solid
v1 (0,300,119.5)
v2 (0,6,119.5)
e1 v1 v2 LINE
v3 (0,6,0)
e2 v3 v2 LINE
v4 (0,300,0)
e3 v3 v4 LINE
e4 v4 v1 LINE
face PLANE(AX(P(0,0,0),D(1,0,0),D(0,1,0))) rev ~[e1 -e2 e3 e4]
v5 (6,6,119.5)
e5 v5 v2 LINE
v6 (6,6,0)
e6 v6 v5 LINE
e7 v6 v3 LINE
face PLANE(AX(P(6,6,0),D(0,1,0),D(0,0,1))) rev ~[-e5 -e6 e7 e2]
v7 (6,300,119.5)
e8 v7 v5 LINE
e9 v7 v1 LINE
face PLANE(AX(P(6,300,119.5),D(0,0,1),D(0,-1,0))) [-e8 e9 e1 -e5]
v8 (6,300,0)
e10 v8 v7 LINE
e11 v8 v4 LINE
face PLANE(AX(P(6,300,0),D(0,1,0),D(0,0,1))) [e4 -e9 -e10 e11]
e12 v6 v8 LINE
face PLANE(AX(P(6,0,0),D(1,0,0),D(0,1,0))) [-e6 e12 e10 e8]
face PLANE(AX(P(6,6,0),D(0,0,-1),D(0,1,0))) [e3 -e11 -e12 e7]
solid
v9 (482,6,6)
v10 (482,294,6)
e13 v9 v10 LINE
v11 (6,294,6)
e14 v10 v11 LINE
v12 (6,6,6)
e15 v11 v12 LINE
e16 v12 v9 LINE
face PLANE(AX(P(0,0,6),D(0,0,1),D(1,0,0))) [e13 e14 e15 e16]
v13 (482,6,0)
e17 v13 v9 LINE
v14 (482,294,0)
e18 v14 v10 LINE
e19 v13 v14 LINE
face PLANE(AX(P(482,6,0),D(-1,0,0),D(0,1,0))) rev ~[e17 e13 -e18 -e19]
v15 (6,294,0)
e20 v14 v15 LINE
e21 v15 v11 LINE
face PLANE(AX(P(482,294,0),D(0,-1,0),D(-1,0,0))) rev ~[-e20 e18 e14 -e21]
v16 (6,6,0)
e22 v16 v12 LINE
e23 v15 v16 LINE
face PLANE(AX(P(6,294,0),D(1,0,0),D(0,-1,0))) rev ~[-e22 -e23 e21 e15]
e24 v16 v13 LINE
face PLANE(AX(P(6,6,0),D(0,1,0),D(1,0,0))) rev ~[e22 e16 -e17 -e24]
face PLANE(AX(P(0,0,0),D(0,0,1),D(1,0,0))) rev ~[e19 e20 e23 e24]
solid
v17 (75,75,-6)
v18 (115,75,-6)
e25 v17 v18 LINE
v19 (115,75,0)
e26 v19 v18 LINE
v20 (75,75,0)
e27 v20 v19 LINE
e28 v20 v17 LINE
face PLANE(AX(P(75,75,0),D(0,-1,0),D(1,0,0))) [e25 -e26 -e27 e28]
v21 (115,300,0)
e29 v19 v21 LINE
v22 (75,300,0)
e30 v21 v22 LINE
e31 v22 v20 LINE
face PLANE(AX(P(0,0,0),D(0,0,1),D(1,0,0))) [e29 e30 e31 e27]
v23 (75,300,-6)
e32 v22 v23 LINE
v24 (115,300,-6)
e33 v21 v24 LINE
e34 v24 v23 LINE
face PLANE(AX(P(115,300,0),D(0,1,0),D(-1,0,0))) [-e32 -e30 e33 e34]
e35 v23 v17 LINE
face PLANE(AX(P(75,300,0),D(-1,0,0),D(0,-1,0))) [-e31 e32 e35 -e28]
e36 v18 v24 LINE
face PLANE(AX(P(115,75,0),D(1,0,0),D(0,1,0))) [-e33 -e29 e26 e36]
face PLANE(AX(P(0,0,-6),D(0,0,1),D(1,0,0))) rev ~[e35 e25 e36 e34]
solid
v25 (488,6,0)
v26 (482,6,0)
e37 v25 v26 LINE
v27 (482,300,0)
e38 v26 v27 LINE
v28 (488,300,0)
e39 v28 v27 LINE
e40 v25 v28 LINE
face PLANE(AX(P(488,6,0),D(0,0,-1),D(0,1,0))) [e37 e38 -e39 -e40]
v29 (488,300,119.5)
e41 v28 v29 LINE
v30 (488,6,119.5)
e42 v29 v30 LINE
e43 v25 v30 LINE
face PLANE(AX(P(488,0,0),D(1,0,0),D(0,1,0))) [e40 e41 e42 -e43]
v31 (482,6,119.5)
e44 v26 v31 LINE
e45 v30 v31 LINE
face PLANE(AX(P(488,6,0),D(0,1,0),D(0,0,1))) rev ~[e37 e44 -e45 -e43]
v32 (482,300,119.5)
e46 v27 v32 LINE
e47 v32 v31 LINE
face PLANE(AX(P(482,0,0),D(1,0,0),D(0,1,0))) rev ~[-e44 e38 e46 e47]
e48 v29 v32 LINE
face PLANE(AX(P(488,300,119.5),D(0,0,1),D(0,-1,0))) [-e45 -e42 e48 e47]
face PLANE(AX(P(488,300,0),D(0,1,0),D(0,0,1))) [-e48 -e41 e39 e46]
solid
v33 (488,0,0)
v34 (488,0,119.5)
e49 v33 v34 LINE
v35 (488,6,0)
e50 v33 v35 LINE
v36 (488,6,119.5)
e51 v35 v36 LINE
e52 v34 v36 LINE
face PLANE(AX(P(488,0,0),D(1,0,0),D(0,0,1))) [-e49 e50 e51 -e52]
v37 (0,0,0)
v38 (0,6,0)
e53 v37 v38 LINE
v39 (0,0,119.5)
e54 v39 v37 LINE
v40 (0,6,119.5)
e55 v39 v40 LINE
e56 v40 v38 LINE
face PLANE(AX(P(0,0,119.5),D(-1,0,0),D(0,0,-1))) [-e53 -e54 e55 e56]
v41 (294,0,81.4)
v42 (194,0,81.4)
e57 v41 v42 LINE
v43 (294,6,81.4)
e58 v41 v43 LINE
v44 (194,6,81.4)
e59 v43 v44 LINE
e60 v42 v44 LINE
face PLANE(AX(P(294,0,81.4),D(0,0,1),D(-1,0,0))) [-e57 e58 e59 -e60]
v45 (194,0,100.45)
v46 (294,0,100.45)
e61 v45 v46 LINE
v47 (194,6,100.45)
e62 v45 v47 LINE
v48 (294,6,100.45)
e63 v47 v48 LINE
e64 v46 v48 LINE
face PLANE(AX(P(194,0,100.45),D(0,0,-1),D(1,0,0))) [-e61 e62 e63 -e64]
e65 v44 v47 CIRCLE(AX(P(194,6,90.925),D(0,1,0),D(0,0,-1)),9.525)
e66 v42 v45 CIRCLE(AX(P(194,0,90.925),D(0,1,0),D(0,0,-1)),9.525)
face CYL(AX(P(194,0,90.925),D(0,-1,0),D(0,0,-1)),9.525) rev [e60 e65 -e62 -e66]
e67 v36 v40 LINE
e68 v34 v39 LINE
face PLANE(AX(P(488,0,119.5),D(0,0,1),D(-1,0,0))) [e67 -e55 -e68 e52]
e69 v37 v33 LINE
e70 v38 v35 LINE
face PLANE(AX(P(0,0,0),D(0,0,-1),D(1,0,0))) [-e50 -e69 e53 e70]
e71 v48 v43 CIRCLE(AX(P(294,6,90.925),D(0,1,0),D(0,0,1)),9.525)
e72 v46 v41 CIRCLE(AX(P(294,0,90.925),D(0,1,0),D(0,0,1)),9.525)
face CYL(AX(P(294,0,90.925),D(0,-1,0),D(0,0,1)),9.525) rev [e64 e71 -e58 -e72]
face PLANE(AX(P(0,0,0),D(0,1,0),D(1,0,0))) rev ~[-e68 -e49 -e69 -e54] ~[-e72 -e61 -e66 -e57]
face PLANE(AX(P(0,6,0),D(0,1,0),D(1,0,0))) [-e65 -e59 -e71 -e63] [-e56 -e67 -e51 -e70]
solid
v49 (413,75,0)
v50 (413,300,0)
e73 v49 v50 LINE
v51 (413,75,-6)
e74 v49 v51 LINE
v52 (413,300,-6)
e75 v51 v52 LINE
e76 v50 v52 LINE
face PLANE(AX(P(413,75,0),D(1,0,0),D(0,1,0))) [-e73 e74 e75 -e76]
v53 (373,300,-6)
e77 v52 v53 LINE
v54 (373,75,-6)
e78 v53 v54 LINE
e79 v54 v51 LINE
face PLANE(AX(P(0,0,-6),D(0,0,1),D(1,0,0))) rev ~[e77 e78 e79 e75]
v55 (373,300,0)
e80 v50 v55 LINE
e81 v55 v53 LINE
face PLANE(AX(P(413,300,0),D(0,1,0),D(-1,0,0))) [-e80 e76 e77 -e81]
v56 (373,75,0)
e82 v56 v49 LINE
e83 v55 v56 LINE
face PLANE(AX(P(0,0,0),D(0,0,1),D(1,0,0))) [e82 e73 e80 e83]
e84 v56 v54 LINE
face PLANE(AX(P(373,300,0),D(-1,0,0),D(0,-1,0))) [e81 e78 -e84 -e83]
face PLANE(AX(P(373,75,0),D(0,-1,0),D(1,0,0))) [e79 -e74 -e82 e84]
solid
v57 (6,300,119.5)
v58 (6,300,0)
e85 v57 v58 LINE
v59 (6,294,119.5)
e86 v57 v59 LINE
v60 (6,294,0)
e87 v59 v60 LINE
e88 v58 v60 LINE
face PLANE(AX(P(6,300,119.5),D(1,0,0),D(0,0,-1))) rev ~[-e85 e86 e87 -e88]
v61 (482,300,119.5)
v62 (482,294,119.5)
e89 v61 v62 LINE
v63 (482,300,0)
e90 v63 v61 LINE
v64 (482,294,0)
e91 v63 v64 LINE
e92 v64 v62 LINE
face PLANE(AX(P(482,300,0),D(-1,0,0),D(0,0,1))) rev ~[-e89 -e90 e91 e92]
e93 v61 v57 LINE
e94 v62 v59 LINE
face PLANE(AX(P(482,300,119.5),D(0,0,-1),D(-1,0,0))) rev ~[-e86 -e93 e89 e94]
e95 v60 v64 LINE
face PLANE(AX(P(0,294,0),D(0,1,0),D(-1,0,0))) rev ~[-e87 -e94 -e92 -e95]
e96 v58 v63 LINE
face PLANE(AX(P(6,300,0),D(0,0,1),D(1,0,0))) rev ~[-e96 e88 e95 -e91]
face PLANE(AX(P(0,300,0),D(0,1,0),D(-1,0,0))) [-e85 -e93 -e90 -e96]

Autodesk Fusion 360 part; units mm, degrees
sketch "Sketch1" plane through (0, 0, 0) normal (0, 1, 0) x (1, 0, 0) in component "box"
  line L0 (0, 0) -> (488, 0)
  line L1 (488, 0) -> (488, -119.5)
  line L2 (488, -119.5) -> (0, -119.5)
  line L3 (0, -119.5) -> (0, 0)
  line L4 (194, -100.45) -> (294, -100.45)
  arc A0 (294, -100.45) -> (294, -81.4) centre (294, -90.925) ccw
  line L5 (294, -81.4) -> (194, -81.4)
  arc A1 (194, -81.4) -> (194, -100.45) centre (194, -90.925) ccw
  line L6 (294, -90.925) -> (488, -90.925) construction
  line L7 (194, -90.925) -> (0, -90.925) construction
  dimension "d9" = 119.5
  dimension "d10" = 488
  dimension "d11" = 19.05
  dimension "d12" = 100
  dimension "d13" = 19.05
extrude "Extrude1" add sketch "Sketch1" along normal blind 6 makes body 1 in component "box"
sketch "Sketch2" plane through (488, 0, 0) normal (1, 0, 0) x (0, 1, 0) in component "box"
  line L0 (0, 119.5) -> (0, 0)
  line L1 (0, 0) -> (6, 0)
  line L2 (6, 0) -> (6, 119.5)
  line L3 (6, 119.5) -> (0, 119.5)
  line L4 (6, 0) -> (300, 0)
  line L5 (300, 0) -> (300, 119.5)
  line L6 (300, 119.5) -> (6, 119.5)
  line L7 (6, 119.5) -> (6, 0)
  dimension "d16" = 294
  dimension "d17" = 119.5
extrude "Extrude2" add sketch "Sketch2" against normal blind 6 separate body contours L2 L4 L5 L6 L7 makes body 2 in component "box"
extrude "Extrude3" add sketch "Sketch2" along normal blind -488 and the other way blind 482 separate body contours L2 L4 L5 L6 L7 makes body 3 in component "box"
sketch "Sketch3" plane through (0, 300, 0) normal (0, 1, 0) x (-1, 0, 0) in component "box"
  line L0 (-6, 119.5) -> (-6, 0)
  line L1 (-6, 0) -> (0, 0)
  line L2 (0, 0) -> (0, 119.5)
  line L3 (0, 119.5) -> (-6, 119.5)
  line L4 (0, 0) -> (-6, 0) construction
  line L5 (-6, 0) -> (-482, 0)
  line L6 (-482, 0) -> (-482, 119.5)
  line L7 (-482, 119.5) -> (-6, 119.5)
  line L8 (-6, 119.5) -> (-6, 0)
  dimension "d24" = 6
  dimension "d25" = 476
  dimension "d26" = 119.5
extrude "Extrude4" add sketch "Sketch3" against normal blind 6 separate body contours L0 L5 L6 L7 L8 makes body 4 in component "box"
sketch "Sketch4" plane through (0, 0, 0) normal (0, 0, 1) x (1, 0, 0) in component "box"
  line L0 (0, 0) -> (6, 6) construction
  line L1 (0, 0) -> (9.1956, 0) construction
  line L2 (6, 6) -> (482, 6)
  line L3 (482, 6) -> (482, 294)
  line L4 (482, 294) -> (6, 294)
  line L5 (6, 294) -> (6, 6)
  dimension "d29" = 45
  dimension "d30" = 6
  dimension "d31" = 476
  dimension "d32" = 288
extrude "Extrude5" add sketch "Sketch4" along normal blind 6 separate body makes body 5 in component "box"
sketch "Sketch5" plane through (0, 0, 0) normal (0, 0, 1) x (1, 0, 0) in component "box"
  line L0 (75, 75) -> (115, 75)
  line L1 (115, 75) -> (115, 300)
  line L2 (115, 300) -> (75, 300)
  line L3 (75, 300) -> (75, 75)
  line L4 (413, 300) -> (373, 300)
  line L5 (373, 300) -> (373, 75)
  line L6 (373, 75) -> (413, 75)
  line L7 (413, 75) -> (413, 300)
  line L8 (0, 0) -> (488, 0) construction
  dimension "d35" = 40
  dimension "d36" = 225
  dimension "d37" = 40
  dimension "d38" = 225
  dimension "d40" = 75
  dimension "d41" = 75
  dimension "d42" = 488
  dimension "d43" = 75
  dimension "d44" = 75
extrude "Extrude6" add sketch "Sketch5" against normal blind 6 separate body makes body 6 at (88.3333, 225, 0) makes body 7 at (386.3333, 225, 0) in component "box"
component "box" placed x (1, 0, 0) y (0, 1, 0) z (0, 0, 1) at (0, 0, 0)
equation "thickness = 6 mm"
equation "width = 500 mm - ( 2 * thickness )"
equation "height = 131.5 mm - ( 2 * thickness )"
equation "depth = 300 mm"
equation "forstner = 1 in * 0.75"
equation "handle_width = 100 mm"
equation "skate_offset = depth / 4"
equation "d9 = height"
equation "d10 = width"
equation "d11 = forstner"
equation "d12 = handle_width"
equation "d13 = forstner"
equation "d14 = thickness"
equation "d16 = depth - thickness"
equation "d17 = height"
equation "d18 = -thickness"
equation "d20 = -width"
equation "d22 = width - thickness"
equation "d24 = thickness"
equation "d25 = width - ( 2 * thickness )"
equation "d26 = height"
equation "d27 = -thickness"
equation "d30 = thickness"
equation "d31 = width - ( 2 * thickness )"
equation "d32 = depth - ( 2 * thickness )"
equation "d33 = thickness"
equation "d35 = skate_width"
equation "d36 = depth - skate_offset"
equation "d37 = skate_width"
equation "d38 = depth - skate_offset"
equation "skate_width = 40 mm"
equation "d40 = skate_offset"
equation "d41 = skate_offset"
equation "d42 = width"
equation "d43 = skate_offset"
equation "d44 = skate_offset"
equation "d45 = -thickness"
